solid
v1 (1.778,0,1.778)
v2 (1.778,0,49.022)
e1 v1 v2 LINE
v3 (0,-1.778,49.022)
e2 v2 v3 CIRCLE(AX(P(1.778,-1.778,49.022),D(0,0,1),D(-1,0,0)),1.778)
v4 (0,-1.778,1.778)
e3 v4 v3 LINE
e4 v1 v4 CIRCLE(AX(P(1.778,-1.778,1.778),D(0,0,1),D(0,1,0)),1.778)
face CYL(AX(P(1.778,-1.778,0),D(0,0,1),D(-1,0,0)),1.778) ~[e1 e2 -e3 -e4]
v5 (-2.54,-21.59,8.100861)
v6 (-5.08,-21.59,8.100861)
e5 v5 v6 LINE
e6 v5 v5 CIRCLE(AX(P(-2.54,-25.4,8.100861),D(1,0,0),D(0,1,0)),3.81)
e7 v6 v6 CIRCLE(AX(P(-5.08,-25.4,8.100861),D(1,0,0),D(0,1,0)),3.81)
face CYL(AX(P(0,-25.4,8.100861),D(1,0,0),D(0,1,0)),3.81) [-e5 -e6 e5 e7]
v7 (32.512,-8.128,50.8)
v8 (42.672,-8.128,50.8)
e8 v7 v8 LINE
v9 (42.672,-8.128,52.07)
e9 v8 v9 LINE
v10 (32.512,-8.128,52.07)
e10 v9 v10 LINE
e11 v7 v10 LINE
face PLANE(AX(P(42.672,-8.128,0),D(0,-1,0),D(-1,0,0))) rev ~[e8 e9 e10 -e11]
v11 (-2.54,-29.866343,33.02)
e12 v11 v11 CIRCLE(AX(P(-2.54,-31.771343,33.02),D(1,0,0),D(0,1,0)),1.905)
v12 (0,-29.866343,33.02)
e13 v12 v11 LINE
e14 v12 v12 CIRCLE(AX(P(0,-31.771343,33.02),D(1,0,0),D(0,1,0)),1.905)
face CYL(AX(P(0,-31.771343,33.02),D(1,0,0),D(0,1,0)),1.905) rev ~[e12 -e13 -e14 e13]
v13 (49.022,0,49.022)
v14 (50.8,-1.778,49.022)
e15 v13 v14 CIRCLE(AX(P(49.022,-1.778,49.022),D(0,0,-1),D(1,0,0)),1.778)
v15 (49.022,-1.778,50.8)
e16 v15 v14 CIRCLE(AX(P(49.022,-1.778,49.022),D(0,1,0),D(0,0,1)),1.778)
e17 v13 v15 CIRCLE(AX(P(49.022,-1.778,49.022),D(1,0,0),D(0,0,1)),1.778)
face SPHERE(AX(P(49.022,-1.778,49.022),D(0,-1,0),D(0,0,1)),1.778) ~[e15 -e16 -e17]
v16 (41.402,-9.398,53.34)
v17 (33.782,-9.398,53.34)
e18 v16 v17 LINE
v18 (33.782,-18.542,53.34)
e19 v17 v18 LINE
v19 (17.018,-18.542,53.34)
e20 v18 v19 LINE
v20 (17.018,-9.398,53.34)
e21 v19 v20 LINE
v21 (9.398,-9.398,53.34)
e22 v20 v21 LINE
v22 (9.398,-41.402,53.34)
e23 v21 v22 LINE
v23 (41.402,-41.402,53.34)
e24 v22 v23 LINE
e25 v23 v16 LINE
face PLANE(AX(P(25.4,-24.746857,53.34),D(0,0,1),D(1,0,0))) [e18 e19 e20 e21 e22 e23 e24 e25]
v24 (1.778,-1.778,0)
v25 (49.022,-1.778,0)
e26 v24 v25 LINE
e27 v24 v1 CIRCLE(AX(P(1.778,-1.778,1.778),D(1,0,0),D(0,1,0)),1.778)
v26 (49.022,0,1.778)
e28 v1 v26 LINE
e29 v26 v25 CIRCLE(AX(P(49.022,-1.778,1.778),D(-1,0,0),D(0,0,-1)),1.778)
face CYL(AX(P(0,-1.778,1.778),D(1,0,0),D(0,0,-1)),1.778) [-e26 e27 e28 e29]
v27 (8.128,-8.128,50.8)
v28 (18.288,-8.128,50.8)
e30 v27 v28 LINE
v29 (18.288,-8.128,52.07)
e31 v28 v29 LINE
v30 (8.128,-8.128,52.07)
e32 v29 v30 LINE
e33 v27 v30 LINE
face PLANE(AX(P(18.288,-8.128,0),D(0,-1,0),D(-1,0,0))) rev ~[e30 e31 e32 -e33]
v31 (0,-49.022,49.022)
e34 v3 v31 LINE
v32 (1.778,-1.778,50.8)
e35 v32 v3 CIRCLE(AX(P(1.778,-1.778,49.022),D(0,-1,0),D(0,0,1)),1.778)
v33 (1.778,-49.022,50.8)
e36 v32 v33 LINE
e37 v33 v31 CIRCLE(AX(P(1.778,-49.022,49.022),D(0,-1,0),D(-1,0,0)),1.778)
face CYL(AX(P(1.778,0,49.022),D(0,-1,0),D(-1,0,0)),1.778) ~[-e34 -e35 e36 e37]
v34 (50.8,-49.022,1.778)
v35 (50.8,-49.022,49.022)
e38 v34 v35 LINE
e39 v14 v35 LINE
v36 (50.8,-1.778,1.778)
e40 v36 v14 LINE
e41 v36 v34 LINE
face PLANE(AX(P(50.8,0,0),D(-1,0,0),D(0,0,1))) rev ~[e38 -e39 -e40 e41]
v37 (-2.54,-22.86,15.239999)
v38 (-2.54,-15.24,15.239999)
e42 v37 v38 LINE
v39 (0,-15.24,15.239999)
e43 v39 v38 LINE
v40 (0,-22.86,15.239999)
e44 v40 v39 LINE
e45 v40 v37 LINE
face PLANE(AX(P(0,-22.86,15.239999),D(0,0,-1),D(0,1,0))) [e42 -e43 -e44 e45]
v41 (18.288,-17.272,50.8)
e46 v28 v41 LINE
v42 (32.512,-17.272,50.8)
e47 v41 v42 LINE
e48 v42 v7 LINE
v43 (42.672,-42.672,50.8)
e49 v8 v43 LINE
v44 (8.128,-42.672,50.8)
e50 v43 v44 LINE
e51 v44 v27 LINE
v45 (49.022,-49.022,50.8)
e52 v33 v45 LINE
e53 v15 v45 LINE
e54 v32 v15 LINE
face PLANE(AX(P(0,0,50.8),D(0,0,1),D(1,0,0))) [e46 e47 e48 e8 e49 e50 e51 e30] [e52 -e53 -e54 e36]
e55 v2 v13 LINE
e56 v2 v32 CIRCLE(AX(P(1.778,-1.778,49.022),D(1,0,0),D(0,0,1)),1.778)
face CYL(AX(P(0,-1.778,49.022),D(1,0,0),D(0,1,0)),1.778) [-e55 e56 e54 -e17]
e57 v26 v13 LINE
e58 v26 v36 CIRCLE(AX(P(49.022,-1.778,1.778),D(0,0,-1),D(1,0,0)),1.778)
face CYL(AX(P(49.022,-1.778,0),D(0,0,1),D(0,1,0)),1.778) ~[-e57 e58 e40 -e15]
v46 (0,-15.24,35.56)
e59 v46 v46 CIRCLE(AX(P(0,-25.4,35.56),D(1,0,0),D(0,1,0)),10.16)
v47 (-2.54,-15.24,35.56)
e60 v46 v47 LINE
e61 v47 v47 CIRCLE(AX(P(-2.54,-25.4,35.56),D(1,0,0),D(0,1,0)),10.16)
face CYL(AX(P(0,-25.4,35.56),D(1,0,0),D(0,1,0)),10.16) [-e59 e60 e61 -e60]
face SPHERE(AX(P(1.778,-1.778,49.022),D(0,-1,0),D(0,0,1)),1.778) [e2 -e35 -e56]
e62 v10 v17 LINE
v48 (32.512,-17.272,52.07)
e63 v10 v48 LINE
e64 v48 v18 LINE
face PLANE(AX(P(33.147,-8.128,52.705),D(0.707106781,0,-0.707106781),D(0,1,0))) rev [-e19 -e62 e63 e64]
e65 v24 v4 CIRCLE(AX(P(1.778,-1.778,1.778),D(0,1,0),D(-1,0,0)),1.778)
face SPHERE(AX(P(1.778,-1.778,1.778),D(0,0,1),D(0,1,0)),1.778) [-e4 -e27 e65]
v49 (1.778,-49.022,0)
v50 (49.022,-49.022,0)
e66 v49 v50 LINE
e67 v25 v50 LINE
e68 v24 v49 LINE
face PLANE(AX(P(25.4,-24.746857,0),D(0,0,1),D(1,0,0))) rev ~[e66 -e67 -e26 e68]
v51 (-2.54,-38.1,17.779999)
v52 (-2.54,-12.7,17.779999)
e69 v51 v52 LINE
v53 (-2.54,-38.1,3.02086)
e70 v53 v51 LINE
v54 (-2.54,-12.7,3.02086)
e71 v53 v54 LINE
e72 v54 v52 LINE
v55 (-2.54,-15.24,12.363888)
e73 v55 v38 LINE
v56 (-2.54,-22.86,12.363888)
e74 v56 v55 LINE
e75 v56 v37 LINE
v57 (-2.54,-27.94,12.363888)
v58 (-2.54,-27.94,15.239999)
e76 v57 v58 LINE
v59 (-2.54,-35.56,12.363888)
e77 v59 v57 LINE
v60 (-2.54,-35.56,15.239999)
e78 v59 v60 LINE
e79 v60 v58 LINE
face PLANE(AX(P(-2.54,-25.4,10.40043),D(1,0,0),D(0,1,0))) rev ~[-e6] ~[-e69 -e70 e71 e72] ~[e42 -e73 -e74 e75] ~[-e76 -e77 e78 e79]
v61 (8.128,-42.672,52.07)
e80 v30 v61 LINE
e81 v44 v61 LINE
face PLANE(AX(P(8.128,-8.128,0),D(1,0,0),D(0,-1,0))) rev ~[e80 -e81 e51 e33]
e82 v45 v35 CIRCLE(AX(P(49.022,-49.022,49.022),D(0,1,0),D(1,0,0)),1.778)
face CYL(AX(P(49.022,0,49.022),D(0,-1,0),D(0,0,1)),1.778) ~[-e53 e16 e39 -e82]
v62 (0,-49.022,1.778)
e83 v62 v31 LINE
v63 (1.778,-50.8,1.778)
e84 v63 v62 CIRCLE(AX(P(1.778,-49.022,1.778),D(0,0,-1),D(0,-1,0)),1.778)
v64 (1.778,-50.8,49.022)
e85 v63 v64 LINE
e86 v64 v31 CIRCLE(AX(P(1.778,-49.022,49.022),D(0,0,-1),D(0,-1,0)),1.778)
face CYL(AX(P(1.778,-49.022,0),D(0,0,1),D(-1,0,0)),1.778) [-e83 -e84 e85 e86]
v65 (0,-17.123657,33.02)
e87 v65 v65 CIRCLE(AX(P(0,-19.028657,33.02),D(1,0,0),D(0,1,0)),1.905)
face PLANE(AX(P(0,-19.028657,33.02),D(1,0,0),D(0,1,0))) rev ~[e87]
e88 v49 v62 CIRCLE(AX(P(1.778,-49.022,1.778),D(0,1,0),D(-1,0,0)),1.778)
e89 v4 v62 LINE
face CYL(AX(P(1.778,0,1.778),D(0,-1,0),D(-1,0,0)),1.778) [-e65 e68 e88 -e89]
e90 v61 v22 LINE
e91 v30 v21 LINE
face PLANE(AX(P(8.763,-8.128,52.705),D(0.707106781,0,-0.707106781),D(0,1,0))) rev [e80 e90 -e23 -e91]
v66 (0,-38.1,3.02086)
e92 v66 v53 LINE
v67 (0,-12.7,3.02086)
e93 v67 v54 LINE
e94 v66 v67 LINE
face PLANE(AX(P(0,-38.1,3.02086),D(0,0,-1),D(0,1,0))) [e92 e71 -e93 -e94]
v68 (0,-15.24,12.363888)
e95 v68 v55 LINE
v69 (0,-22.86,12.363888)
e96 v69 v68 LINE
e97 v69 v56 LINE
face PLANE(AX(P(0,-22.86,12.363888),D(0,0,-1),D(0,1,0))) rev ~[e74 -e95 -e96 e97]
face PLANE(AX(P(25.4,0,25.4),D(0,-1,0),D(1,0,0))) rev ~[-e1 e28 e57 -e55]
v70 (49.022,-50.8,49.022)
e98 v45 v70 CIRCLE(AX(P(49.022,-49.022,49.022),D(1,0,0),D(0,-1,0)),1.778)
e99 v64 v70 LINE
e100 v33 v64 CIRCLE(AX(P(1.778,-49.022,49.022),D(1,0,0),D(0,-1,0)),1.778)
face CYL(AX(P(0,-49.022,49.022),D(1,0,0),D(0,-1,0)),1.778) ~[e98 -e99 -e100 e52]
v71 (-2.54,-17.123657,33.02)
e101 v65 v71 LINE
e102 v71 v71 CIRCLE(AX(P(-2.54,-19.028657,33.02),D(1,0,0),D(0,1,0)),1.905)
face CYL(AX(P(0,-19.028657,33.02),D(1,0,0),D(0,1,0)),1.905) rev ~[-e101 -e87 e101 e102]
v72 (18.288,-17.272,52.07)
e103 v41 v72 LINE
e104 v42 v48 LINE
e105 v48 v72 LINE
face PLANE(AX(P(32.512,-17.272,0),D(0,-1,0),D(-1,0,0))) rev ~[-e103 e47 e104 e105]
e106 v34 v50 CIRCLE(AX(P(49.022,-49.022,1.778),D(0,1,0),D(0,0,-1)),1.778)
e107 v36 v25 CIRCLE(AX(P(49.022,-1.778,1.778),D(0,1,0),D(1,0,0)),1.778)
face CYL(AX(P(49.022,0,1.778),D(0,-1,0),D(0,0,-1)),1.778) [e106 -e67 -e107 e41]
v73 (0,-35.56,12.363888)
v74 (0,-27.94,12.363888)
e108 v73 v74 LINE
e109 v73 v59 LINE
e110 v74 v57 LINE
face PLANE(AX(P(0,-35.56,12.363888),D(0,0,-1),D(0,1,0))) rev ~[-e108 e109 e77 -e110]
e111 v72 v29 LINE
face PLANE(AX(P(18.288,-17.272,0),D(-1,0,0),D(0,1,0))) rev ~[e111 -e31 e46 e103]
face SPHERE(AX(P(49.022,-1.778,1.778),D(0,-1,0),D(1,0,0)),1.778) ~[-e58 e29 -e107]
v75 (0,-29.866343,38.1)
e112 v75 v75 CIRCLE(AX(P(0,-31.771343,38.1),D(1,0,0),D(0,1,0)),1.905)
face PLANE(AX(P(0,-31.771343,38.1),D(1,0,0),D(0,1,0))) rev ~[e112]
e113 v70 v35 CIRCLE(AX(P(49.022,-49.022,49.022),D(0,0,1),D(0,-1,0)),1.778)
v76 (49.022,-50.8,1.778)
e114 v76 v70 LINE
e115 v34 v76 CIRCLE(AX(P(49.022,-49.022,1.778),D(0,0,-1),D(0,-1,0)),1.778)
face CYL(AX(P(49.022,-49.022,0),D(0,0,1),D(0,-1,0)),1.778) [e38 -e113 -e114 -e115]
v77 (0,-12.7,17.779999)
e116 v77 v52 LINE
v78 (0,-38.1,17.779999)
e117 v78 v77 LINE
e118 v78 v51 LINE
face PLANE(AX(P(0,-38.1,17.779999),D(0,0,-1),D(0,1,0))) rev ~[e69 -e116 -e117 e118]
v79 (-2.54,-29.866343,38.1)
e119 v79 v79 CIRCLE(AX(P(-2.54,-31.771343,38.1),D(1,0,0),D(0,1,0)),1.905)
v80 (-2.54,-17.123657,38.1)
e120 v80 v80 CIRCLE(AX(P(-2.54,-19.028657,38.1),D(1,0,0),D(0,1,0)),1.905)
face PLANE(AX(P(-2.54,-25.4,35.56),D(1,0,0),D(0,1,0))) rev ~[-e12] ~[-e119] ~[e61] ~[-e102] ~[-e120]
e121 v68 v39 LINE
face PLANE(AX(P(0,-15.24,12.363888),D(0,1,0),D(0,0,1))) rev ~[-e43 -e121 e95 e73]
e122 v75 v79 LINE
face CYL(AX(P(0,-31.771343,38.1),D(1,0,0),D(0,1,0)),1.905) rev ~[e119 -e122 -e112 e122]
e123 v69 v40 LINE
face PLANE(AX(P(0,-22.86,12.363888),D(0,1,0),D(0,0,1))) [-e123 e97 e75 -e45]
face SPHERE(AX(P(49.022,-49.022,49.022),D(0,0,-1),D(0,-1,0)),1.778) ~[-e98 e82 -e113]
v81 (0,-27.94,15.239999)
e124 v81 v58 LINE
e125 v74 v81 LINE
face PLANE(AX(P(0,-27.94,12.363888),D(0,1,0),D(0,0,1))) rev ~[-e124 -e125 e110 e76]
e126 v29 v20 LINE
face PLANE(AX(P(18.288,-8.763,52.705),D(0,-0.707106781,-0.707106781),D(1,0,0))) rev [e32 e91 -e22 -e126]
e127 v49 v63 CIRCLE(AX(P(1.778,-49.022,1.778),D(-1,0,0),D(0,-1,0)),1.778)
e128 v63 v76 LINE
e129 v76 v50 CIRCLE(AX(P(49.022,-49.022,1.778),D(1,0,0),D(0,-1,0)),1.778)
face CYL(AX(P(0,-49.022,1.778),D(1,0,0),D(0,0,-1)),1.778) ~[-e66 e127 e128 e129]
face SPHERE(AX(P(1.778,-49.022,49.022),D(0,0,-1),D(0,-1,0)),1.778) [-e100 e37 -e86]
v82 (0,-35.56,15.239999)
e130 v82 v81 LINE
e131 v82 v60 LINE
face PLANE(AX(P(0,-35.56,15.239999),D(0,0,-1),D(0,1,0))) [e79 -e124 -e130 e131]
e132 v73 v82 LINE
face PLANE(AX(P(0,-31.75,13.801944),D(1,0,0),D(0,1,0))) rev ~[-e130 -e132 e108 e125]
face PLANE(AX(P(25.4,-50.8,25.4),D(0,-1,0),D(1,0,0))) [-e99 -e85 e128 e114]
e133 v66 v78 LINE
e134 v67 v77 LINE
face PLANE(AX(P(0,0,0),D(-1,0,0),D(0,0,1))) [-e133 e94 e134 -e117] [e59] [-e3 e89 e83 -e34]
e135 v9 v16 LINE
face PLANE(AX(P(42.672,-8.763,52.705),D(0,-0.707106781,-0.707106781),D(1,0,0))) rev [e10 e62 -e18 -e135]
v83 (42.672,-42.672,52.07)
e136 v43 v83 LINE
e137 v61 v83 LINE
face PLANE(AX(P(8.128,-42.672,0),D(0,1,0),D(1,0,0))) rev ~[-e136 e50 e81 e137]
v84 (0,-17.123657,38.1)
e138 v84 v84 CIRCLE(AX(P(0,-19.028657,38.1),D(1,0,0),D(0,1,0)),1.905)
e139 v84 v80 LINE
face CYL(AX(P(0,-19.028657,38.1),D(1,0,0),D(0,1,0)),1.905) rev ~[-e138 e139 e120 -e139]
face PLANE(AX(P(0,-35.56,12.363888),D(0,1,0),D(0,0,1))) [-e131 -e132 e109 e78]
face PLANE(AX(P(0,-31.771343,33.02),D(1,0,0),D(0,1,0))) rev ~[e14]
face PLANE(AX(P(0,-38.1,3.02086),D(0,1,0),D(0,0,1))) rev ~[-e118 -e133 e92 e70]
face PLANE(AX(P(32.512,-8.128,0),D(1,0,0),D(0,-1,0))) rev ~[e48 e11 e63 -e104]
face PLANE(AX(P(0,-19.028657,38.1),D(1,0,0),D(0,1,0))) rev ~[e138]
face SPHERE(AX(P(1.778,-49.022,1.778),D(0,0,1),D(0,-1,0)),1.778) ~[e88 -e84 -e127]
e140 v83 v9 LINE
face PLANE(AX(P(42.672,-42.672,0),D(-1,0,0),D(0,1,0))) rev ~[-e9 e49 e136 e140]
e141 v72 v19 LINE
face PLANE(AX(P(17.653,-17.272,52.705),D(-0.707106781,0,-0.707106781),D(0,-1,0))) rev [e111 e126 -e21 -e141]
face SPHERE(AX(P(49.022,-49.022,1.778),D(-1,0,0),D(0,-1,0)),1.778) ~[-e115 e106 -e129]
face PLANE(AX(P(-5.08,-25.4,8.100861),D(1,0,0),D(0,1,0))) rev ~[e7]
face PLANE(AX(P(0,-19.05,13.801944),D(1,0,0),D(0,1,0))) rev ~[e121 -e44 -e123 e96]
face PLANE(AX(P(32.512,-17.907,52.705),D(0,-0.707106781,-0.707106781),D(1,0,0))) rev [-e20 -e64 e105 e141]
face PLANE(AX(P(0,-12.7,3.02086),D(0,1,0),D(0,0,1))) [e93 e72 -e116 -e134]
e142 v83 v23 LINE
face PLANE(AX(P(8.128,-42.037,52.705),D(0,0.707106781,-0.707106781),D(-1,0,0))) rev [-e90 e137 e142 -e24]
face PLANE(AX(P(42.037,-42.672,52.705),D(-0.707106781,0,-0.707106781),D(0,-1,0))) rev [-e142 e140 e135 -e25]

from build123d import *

# Parameters (mm, degrees)
F0_W      = 50.8
F0_H      = 50.8
F1_DEPTH  = 50.8
F2_R      = 10.16
F3_DEPTH  = 2.54
F4_W      = 25.4
F4_H      = 14.759139
F5_DEPTH  = 2.54
F6_W      = 7.62
F6_H      = 2.876111
F7_DEPTH  = 5.08
F8_R      = 3.81
F9_DEPTH  = 5.08
F10_R     = 1.905
F11_DEPTH = 20.32
F12_R     = 1.778
F14_DEPTH = 53.34
F15_SIZE  = 1.27


with BuildPart() as f1:
    # F0 (on Front) → F1 (new body)
    with BuildSketch(Plane.XZ):
        with Locations((25.4, 25.4)):
            Rectangle(F0_W, F0_H)
    extrude(amount=F1_DEPTH)

    # F2 (on Right) → F3 (join)
    with BuildSketch(Plane.YZ):
        with Locations((-25.4, 35.56)):
            Circle(F2_R)
    extrude(amount=-F3_DEPTH)

    # F4 (on Right) → F5 (join)
    with BuildSketch(Plane.YZ):
        with Locations((-25.4, 10.40043)):
            Rectangle(F4_W, F4_H)
    extrude(amount=-F5_DEPTH)

    # F6 (on Right) → F7 (cut)
    with BuildSketch(Plane.YZ):
        with Locations((-19.05, 13.801944)):
            Rectangle(F6_W, F6_H)
        with Locations((-31.75, 13.801944)):
            Rectangle(F6_W, F6_H)
    extrude(amount=-F7_DEPTH, mode=Mode.SUBTRACT)

    # F8 (on Right) → F9 (join)
    with BuildSketch(Plane.YZ):
        with Locations((-25.4, 8.100861)):
            Circle(F8_R)
    extrude(amount=-F9_DEPTH)

    # F10 (on Right) → F11 (cut)
    with BuildSketch(Plane.YZ):
        with Locations((-31.771343, 38.1)):
            Circle(F10_R)
        with Locations((-19.028657, 38.1)):
            Circle(F10_R)
        with Locations((-19.028657, 33.02)):
            Circle(F10_R)
        with Locations((-31.771343, 33.02)):
            Circle(F10_R)
    extrude(amount=-F11_DEPTH, mode=Mode.SUBTRACT)

    # F12
    f12_edges = [f1.edges().sort_by_distance(p)[0] for p in [
        (0, -50.8, 25.4),
        (25.4, -50.8, 0),
        (50.8, -50.8, 25.4),
        (25.4, -50.8, 50.8),
        (50.8, -25.4, 50.8),
        (0, -25.4, 50.8),
        (25.4, 0, 50.8),
        (50.8, -25.4, 0),
        (50.8, 0, 25.4),
        (0, 0, 25.4),
        (25.4, 0, 0),
        (0, -25.4, 0),
    ]]
    fillet(f12_edges, radius=F12_R)

    # F13 (on Top) → F14 (join)
    with BuildSketch(Plane.XY):
        Polygon((18.288, -8.128), (8.128, -8.128), (8.128, -42.672), (42.672, -42.672), (42.672, -8.128), (32.512, -8.128), (32.512, -17.272), (18.288, -17.272), align=None)
    extrude(amount=F14_DEPTH)

    # F15
    f15_edges = [f1.edges().sort_by_distance(p)[0] for p in [
        (13.208, -8.128, 53.34),
        (8.128, -25.4, 53.34),
        (25.4, -42.672, 53.34),
        (42.672, -25.4, 53.34),
        (37.592, -8.128, 53.34),
        (32.512, -12.7, 53.34),
        (25.4, -17.272, 53.34),
        (18.288, -12.7, 53.34),
    ]]
    chamfer(f15_edges, length=F15_SIZE)


solid = f1.part
